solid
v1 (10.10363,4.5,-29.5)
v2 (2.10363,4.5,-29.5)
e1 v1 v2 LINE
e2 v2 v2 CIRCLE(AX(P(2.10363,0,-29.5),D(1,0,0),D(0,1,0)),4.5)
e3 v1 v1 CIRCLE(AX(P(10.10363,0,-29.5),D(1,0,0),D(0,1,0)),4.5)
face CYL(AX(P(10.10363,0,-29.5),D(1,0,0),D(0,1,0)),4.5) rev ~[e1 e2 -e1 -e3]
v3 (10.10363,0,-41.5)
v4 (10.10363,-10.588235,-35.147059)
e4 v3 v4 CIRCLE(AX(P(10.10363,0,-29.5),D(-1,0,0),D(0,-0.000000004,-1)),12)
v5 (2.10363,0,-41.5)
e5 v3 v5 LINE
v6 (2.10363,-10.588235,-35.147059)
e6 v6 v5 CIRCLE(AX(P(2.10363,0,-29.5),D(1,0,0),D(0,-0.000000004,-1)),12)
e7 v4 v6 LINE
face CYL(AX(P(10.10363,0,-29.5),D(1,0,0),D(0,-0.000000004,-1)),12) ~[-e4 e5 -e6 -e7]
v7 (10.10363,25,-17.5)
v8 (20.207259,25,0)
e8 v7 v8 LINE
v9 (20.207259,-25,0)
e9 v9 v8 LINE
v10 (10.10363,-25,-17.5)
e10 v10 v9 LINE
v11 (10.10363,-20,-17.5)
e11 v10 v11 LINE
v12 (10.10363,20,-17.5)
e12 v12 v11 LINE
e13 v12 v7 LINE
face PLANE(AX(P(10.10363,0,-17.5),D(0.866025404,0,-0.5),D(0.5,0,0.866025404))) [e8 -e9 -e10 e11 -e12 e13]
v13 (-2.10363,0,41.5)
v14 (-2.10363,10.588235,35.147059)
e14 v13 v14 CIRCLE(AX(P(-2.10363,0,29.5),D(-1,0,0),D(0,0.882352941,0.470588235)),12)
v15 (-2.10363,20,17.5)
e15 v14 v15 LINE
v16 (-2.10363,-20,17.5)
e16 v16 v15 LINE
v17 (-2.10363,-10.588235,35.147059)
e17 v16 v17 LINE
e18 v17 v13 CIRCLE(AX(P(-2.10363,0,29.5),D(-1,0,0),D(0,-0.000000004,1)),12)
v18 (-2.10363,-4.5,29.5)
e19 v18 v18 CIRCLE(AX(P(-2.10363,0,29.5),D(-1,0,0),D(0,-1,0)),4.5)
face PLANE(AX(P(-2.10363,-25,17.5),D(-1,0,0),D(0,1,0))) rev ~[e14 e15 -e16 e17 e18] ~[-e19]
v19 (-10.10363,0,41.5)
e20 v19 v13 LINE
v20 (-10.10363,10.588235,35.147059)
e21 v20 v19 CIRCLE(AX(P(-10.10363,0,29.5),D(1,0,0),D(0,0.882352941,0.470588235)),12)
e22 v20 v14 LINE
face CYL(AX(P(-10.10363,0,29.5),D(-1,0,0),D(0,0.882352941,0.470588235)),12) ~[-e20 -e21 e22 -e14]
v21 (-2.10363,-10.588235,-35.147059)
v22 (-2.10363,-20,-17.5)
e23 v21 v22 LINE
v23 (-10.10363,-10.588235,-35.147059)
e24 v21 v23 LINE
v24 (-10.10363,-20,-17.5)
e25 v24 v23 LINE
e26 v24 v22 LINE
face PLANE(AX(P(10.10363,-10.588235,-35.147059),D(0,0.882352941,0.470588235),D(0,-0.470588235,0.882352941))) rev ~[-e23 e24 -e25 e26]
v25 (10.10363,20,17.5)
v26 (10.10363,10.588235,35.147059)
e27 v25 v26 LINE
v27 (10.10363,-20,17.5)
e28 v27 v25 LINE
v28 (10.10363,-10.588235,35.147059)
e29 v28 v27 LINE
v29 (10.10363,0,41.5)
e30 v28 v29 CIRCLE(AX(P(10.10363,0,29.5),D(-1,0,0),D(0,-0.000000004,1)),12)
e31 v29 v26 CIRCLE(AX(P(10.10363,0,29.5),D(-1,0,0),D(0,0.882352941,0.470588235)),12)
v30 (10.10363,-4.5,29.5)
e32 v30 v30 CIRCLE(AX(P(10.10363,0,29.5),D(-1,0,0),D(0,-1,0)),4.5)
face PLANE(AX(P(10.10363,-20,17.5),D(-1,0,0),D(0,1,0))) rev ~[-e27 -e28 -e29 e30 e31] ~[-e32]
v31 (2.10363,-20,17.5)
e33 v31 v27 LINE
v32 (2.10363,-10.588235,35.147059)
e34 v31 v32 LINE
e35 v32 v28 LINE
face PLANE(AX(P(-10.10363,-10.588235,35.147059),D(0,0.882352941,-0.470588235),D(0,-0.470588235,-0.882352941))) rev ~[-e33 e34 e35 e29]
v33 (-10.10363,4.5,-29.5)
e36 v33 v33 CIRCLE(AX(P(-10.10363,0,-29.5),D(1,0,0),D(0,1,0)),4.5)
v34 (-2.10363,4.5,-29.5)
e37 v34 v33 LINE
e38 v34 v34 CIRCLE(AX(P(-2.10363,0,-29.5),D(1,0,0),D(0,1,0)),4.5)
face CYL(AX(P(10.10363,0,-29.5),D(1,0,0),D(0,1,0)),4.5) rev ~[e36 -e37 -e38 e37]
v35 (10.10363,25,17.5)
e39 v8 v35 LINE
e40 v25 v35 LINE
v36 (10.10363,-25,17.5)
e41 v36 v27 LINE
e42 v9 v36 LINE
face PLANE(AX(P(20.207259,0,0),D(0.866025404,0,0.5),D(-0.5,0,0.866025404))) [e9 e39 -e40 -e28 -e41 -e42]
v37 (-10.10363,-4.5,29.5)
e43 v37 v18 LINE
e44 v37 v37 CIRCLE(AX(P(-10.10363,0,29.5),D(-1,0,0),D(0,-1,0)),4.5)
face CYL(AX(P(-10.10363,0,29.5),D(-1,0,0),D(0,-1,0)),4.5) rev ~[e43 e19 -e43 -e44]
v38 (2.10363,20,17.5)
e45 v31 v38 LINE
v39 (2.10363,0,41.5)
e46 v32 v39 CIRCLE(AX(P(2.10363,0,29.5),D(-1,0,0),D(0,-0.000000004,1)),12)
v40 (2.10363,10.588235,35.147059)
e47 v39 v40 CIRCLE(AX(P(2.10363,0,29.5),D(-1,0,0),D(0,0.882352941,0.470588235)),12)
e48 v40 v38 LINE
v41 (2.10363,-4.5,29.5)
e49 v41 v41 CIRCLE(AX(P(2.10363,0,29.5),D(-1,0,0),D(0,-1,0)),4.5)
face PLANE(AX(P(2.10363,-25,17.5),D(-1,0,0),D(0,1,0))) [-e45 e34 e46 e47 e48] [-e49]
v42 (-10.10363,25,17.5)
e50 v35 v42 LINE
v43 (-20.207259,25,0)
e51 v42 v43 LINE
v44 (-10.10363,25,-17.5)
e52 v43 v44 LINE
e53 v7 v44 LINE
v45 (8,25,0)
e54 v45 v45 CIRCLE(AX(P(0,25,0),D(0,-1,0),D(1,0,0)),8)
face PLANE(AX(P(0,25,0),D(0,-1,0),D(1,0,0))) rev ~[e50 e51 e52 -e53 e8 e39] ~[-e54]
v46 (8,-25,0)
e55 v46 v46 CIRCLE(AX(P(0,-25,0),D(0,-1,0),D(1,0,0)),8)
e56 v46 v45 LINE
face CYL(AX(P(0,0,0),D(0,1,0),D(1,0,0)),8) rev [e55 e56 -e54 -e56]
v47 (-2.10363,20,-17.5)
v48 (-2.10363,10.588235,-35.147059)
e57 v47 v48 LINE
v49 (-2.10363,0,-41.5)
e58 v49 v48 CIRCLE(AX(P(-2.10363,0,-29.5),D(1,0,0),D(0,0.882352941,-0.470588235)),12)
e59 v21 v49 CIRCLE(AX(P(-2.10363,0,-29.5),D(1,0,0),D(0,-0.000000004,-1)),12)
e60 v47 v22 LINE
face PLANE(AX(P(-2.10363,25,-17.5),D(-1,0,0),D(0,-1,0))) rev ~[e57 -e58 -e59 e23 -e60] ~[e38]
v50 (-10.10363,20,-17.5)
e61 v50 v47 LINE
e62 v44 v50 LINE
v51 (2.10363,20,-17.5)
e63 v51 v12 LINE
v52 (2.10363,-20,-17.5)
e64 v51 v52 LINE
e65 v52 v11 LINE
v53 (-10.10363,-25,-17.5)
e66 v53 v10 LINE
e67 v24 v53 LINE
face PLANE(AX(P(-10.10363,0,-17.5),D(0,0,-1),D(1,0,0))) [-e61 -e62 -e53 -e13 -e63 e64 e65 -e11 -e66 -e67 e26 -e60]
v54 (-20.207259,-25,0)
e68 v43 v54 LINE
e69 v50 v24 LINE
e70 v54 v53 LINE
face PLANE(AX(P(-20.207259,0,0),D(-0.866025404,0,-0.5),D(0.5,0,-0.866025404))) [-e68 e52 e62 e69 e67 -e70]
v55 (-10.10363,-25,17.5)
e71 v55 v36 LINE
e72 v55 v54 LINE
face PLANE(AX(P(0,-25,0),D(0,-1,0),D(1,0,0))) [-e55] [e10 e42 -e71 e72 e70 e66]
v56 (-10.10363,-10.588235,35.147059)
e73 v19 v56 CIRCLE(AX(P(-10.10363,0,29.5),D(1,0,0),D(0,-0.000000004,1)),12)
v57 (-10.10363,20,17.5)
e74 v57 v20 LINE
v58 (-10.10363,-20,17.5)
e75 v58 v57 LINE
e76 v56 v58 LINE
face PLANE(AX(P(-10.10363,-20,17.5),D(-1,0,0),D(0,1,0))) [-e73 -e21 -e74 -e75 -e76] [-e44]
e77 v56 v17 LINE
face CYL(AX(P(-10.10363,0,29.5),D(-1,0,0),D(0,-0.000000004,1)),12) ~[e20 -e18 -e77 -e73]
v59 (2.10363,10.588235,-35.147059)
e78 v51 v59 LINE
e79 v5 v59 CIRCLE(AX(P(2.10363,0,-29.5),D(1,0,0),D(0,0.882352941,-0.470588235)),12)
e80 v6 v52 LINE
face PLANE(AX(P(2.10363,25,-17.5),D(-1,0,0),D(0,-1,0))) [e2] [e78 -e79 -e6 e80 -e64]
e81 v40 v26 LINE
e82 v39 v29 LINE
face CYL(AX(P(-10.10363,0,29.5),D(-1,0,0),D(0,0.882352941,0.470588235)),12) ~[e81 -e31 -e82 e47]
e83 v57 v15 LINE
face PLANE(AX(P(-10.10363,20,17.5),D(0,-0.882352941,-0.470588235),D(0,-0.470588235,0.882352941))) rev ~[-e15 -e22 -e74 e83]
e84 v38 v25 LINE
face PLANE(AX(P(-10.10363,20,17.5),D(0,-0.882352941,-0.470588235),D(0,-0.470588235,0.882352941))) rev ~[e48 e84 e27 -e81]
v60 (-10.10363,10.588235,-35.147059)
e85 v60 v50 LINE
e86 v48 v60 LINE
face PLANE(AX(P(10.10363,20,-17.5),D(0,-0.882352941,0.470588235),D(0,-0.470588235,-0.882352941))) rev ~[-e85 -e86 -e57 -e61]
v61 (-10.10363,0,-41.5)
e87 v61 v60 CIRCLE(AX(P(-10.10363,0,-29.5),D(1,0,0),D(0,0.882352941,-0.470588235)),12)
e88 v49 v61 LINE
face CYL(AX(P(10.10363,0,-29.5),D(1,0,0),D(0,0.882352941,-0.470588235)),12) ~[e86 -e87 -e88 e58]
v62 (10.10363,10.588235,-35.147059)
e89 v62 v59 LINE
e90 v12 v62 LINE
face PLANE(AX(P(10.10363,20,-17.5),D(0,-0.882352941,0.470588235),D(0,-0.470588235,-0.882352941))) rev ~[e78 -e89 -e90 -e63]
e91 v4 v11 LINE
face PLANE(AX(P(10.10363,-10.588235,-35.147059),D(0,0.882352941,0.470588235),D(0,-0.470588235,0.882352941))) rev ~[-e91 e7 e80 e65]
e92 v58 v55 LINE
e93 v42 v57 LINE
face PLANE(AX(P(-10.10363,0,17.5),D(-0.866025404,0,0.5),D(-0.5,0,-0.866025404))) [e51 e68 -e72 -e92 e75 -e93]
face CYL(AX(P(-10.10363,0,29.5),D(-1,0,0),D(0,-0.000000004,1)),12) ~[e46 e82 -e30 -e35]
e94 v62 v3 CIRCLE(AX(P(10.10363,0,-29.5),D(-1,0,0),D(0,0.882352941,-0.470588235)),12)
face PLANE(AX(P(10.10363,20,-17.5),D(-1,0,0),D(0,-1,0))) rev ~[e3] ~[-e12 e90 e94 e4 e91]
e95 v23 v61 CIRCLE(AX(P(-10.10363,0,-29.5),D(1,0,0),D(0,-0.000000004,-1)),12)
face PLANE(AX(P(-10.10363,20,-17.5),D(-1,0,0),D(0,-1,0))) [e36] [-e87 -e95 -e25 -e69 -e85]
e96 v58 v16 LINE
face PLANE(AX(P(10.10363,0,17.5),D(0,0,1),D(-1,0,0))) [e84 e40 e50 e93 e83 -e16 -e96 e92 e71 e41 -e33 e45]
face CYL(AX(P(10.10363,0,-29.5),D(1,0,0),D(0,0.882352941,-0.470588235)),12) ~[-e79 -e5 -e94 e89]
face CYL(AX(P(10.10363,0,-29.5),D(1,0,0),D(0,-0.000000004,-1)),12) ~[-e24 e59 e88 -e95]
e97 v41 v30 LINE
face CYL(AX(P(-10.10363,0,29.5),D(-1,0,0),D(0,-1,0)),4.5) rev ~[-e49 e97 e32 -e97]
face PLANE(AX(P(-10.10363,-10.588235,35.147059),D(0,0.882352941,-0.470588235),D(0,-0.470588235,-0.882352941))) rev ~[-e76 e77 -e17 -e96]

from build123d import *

# Parameters (mm, degrees)
F0_R      = 8
F1_DEPTH  = 25
F2_W      = 20.2072594216
F2_H      = 40
F3_DEPTH  = 24
F4_R      = 4.5
F5_DEPTH  = 30.3118891325
F7_DEPTH  = 25.4
F8_W      = 4.2072594216
F8_H      = 50
F9_DEPTH  = 25.4
F10_W     = 20.2072594216
F10_H     = 40
F11_DEPTH = 24
F12_R     = 4.5
F13_DEPTH = 25.4
F15_DEPTH = 25.4
F16_W     = 4.2072594216
F16_H     = 50
F17_DEPTH = 25.4


with BuildPart() as f1:
    # F0 (on Front) → F1 (new body, symmetric)
    with BuildSketch(Plane.XZ):
        Polygon((10.1036297108, 17.5), (-10.1036297108, 17.5), (-20.2072594216, 0), (-10.1036297108, -17.5), (10.1036297108, -17.5), (20.2072594216, 0), align=None)
        Circle(F0_R, mode=Mode.SUBTRACT)
    extrude(amount=F1_DEPTH, both=True)

    # F2 (on face) → F3 (join)
    with BuildSketch(Plane.XY.offset(17.5)):
        Rectangle(F2_W, F2_H)
    extrude(amount=F3_DEPTH)

    # F4 (on face) → F5 (cut, through all)
    with BuildSketch(Plane(origin=(-10.1036297108, 0, 0), x_dir=(0, -1, 0), z_dir=(-1, 0, 0))):
        with Locations((0, 29.5)):
            Circle(F4_R)
    extrude(amount=-F5_DEPTH, mode=Mode.SUBTRACT)

    # F6 (on face) → F7 (cut)
    with BuildSketch(Plane(origin=(-10.1036297108, 0, 0), x_dir=(0, -1, 0), z_dir=(-1, 0, 0))):
        with BuildLine():
            Line((-20, 41.5), (-20, 17.5))
            Line((-20, 17.5), (-10.5882352941, 35.1470588235))
            ThreePointArc((-10.5882352941, 35.1470588235), (-6.1739490436, 39.7899151215), (5.03e-08, 41.5))
            Line((5.03e-08, 41.5), (-20, 41.5))
        make_face()
        with BuildLine():
            Line((10.5882352941, 35.1470588235), (20, 17.5))
            Line((20, 17.5), (20, 41.5))
            Line((20, 41.5), (5.03e-08, 41.5))
            ThreePointArc((5.03e-08, 41.5), (6.1739490867, 39.7899150956), (10.5882352941, 35.1470588235))
        make_face()
    extrude(amount=-F7_DEPTH, mode=Mode.SUBTRACT)

    # F8 (on face) → F9 (cut)
    with BuildSketch(Plane.XY.offset(17.5)):
        Rectangle(F8_W, F8_H)
    extrude(amount=F9_DEPTH, mode=Mode.SUBTRACT)

    # F10 (on face) → F11 (join)
    with BuildSketch(Plane(origin=(0, 0, -17.5), x_dir=(1, 0, 0), z_dir=(0, 0, -1))):
        Rectangle(F10_W, F10_H)
    extrude(amount=F11_DEPTH)

    # F12 (on face) → F13 (cut)
    with BuildSketch(Plane.YZ.offset(10.1036297108)):
        with Locations((0, -29.5)):
            Circle(F12_R)
    extrude(amount=-F13_DEPTH, mode=Mode.SUBTRACT)

    # F14 (on face) → F15 (cut)
    with BuildSketch(Plane.YZ.offset(10.1036297108)):
        with BuildLine():
            Line((20, -41.5), (20, -17.5))
            Line((20, -17.5), (10.5882352941, -35.1470588235))
            ThreePointArc((10.5882352941, -35.1470588235), (6.1739490436, -39.7899151215), (-5.03e-08, -41.5))
            Line((-5.03e-08, -41.5), (20, -41.5))
        make_face()
        with BuildLine():
            Line((-10.5882352941, -35.1470588235), (-20, -17.5))
            Line((-20, -17.5), (-20, -41.5))
            Line((-20, -41.5), (-5.03e-08, -41.5))
            ThreePointArc((-5.03e-08, -41.5), (-6.1739490867, -39.7899150956), (-10.5882352941, -35.1470588235))
        make_face()
    extrude(amount=-F15_DEPTH, mode=Mode.SUBTRACT)

    # F16 (on face) → F17 (cut)
    with BuildSketch(Plane(origin=(0, 0, -17.5), x_dir=(1, 0, 0), z_dir=(0, 0, -1))):
        Rectangle(F16_W, F16_H)
    extrude(amount=F17_DEPTH, mode=Mode.SUBTRACT)


solid = f1.part
